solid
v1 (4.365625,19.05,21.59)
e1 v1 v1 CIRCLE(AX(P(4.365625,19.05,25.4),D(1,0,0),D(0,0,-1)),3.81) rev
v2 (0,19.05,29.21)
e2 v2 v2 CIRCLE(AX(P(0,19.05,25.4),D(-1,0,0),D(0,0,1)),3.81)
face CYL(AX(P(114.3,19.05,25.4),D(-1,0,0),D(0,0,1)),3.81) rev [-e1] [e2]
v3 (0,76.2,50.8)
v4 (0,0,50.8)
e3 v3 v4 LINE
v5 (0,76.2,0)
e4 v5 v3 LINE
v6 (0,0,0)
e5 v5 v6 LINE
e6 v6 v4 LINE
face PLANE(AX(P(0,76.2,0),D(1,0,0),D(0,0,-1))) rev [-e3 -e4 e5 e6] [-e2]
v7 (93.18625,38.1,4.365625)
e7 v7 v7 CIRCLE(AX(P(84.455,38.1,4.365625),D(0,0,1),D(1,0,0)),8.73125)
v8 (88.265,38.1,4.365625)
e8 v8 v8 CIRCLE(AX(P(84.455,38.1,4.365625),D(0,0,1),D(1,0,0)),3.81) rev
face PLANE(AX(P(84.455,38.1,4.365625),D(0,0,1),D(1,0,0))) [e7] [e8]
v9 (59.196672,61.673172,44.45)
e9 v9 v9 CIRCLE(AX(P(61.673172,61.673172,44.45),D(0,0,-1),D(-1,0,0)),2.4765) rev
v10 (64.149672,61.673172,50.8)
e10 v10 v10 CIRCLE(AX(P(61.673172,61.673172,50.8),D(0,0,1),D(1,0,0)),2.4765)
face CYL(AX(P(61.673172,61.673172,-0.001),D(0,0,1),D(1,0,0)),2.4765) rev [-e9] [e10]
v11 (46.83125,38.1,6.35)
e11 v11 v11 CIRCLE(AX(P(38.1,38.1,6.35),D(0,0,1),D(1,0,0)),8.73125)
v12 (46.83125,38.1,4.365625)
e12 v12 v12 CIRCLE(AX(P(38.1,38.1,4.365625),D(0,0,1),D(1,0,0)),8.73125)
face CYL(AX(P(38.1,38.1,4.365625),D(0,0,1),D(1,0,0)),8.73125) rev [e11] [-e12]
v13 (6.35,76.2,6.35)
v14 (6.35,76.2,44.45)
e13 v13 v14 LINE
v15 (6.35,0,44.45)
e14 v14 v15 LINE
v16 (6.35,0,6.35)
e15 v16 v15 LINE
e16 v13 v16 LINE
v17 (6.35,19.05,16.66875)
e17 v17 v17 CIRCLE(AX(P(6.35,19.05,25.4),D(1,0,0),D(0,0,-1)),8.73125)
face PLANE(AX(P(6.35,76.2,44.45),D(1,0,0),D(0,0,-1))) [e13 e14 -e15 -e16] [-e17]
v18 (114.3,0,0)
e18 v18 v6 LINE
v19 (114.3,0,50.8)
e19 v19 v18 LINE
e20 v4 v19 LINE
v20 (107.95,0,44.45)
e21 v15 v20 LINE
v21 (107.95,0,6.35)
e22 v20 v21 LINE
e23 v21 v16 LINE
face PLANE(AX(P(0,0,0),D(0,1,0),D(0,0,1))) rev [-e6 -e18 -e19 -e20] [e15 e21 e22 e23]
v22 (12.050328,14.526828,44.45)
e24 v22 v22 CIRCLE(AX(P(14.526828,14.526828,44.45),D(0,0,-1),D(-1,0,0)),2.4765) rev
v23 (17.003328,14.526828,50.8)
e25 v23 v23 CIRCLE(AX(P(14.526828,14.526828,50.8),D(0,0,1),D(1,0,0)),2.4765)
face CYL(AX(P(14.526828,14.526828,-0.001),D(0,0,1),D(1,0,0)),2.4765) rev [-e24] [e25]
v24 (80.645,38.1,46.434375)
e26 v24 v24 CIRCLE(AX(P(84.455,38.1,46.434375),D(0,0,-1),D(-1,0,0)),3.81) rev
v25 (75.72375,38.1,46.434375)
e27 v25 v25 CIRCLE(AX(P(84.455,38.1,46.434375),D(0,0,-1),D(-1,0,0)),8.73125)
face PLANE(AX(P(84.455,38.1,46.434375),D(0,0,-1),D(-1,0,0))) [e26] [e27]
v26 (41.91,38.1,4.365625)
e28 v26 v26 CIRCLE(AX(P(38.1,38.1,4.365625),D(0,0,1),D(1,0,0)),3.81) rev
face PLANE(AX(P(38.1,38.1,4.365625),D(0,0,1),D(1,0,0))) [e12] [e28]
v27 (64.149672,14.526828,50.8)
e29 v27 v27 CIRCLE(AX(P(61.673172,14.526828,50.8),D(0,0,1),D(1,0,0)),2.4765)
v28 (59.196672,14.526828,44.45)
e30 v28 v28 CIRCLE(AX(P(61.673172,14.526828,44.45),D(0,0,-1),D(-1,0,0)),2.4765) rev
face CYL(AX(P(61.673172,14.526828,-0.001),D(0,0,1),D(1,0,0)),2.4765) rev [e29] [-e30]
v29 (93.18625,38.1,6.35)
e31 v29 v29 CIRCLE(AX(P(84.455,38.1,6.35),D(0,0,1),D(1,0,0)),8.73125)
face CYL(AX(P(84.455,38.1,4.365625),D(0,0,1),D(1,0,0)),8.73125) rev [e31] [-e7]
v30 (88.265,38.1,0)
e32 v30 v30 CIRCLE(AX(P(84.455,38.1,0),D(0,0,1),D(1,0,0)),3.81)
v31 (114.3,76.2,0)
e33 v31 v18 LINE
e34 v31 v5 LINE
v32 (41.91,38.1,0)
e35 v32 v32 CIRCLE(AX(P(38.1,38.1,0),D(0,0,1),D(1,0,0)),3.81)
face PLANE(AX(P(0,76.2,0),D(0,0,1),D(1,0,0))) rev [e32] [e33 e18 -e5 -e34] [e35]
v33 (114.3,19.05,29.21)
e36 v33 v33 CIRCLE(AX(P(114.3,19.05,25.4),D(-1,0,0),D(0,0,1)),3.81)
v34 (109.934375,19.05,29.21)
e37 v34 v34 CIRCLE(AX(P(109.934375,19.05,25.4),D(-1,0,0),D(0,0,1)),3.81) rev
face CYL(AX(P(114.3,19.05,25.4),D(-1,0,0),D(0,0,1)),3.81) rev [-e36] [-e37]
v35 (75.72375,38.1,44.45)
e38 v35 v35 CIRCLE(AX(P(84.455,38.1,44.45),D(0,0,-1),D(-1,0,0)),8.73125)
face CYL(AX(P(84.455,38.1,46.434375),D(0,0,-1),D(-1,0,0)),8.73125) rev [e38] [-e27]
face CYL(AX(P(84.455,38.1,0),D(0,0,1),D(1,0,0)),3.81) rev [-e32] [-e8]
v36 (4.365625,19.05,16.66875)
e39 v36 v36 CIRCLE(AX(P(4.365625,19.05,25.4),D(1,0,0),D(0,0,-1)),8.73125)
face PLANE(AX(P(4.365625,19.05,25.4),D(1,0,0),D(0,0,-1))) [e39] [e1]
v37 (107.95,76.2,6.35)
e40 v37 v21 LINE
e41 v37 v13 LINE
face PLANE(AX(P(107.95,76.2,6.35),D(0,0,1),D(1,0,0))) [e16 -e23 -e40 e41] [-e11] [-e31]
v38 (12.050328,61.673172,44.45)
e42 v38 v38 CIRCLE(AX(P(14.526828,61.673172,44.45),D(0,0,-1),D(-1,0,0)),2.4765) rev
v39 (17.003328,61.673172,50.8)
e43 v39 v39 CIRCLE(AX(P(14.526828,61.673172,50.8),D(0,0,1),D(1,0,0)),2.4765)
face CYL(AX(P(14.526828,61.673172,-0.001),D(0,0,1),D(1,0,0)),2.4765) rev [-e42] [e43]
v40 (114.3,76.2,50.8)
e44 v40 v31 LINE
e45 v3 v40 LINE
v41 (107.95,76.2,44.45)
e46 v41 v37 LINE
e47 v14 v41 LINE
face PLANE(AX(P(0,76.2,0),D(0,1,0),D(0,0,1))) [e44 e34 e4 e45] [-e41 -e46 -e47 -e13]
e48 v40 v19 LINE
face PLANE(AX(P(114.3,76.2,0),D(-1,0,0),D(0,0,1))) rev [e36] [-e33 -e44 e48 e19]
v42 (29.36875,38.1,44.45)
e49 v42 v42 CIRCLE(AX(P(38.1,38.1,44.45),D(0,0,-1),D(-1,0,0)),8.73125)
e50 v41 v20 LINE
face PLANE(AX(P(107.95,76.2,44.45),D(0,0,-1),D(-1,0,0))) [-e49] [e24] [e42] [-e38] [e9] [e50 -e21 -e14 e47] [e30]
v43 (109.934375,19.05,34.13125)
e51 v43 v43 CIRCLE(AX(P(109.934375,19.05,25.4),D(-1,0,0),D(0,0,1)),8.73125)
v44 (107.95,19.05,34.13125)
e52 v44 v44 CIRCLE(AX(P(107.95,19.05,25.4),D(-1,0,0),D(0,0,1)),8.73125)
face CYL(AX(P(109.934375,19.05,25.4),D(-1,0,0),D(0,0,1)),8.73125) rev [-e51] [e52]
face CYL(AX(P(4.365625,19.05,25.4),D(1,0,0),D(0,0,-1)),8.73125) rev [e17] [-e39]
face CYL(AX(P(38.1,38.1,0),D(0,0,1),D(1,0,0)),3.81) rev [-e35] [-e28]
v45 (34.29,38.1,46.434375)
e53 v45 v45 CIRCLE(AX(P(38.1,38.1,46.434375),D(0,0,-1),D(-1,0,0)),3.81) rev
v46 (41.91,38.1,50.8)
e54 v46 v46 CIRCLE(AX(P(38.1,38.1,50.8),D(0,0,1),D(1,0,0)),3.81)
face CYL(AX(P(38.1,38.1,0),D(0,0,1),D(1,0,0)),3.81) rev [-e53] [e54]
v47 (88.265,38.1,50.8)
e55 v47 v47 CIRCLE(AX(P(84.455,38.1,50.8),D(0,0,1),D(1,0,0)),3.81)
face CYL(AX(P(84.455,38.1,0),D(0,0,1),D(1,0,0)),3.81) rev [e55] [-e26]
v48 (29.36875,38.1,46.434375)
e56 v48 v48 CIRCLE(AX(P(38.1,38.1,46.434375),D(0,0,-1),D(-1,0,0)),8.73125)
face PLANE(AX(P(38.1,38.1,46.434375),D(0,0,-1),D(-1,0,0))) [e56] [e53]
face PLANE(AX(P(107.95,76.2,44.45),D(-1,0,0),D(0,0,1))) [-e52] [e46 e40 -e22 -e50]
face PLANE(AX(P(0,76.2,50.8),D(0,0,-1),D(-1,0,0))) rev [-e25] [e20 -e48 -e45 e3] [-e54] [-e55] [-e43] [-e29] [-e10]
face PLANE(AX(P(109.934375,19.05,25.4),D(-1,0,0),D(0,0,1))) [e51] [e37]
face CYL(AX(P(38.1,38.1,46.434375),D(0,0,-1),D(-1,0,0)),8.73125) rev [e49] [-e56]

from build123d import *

# Parameters (mm, degrees)
SKETCH1_W           = 114.3
SKETCH1_H           = 50.8
SKETCH1_W_2         = 101.6
SKETCH1_H_2         = 38.1
BOSS_EXTRUDE1_DEPTH = 76.2
CUT_EXTRUDE1_REACH  = 148.464
SKETCH2_R           = 2.4765
SKETCH2_5_R         = 3.81
CUT_EXTRUDE2_DEPTH  = 147.463544952
SKETCH5_R           = 3.81
CUT_EXTRUDE4_DEPTH  = 147.463544952
SKETCH6_R           = 3.81
CUT_EXTRUDE5_DEPTH  = 147.463544952
SKETCH7_R           = 8.73125
CUT_EXTRUDE6_DEPTH  = 1.984375
SKETCH8_R           = 8.73125
CUT_EXTRUDE7_DEPTH  = 1.984375
CUT_EXTRUDE8_START  = -1.984375
SKETCH9_R           = 8.73125
CUT_EXTRUDE8_DEPTH  = 1.984375
CUT_EXTRUDE9_START  = -1.984375
SKETCH10_R          = 8.73125
CUT_EXTRUDE9_DEPTH  = 1.984375


with BuildPart() as part:
    # Sketch1 → Boss-Extrude1 (new body)
    with BuildSketch(Plane(origin=(0, 0, 0), x_dir=(1, 0, 0), z_dir=(0, 1, 0))):
        with Locations((57.15, -25.4)):
            Rectangle(SKETCH1_W, SKETCH1_H)
        with Locations((57.15, -25.4)):
            Rectangle(SKETCH1_W_2, SKETCH1_H_2, mode=Mode.SUBTRACT)
    extrude(amount=BOSS_EXTRUDE1_DEPTH)

    # Sketch2 → Cut-Extrude1 (cut, up to next)
    with BuildSketch(Plane.XY.offset(50.8), mode=Mode.PRIVATE) as cut_extrude1_sk1:
        with Locations((14.526827682, 61.673172318)):
            Circle(SKETCH2_R)
    cut_extrude1_tool1 = extrude(cut_extrude1_sk1.sketch, amount=-CUT_EXTRUDE1_REACH, mode=Mode.PRIVATE) & part.part
    # Sketch2 → Cut-Extrude1 (cut, up to next)
    with BuildSketch(Plane.XY.offset(50.8), mode=Mode.PRIVATE) as cut_extrude1_sk2:
        with Locations((61.673172318, 61.673172318)):
            Circle(SKETCH2_R)
    cut_extrude1_tool2 = extrude(cut_extrude1_sk2.sketch, amount=-CUT_EXTRUDE1_REACH, mode=Mode.PRIVATE) & part.part
    # Sketch2 → Cut-Extrude1 (cut, up to next)
    with BuildSketch(Plane.XY.offset(50.8), mode=Mode.PRIVATE) as cut_extrude1_sk3:
        with Locations((61.673172318, 14.526827682)):
            Circle(SKETCH2_R)
    cut_extrude1_tool3 = extrude(cut_extrude1_sk3.sketch, amount=-CUT_EXTRUDE1_REACH, mode=Mode.PRIVATE) & part.part
    # Sketch2 → Cut-Extrude1 (cut, up to next)
    with BuildSketch(Plane.XY.offset(50.8), mode=Mode.PRIVATE) as cut_extrude1_sk4:
        with Locations((14.526827682, 14.526827682)):
            Circle(SKETCH2_R)
    cut_extrude1_tool4 = extrude(cut_extrude1_sk4.sketch, amount=-CUT_EXTRUDE1_REACH, mode=Mode.PRIVATE) & part.part
    add(cut_extrude1_tool1.solids().sort_by_distance((14.526828, 61.673172, 50.8))[0], mode=Mode.SUBTRACT)
    add(cut_extrude1_tool2.solids().sort_by_distance((61.673172, 61.673172, 50.8))[0], mode=Mode.SUBTRACT)
    add(cut_extrude1_tool3.solids().sort_by_distance((61.673172, 14.526828, 50.8))[0], mode=Mode.SUBTRACT)
    add(cut_extrude1_tool4.solids().sort_by_distance((14.526828, 14.526828, 50.8))[0], mode=Mode.SUBTRACT)

    # Sketch2<5> → Cut-Extrude2 (cut, through all)
    with BuildSketch(Plane.XY.offset(50.8)):
        with Locations((38.1, 38.1)):
            Circle(SKETCH2_5_R)
    extrude(amount=-CUT_EXTRUDE2_DEPTH, mode=Mode.SUBTRACT)

    # Sketch5 → Cut-Extrude4 (cut, through all)
    with BuildSketch(Plane.XY.offset(50.8)):
        with Locations((84.455, 38.1)):
            Circle(SKETCH5_R)
    extrude(amount=-CUT_EXTRUDE4_DEPTH, mode=Mode.SUBTRACT)

    # Sketch6 → Cut-Extrude5 (cut, through all)
    with BuildSketch(Plane.ZY):
        with Locations((25.4, 19.05)):
            Circle(SKETCH6_R)
    extrude(amount=-CUT_EXTRUDE5_DEPTH, mode=Mode.SUBTRACT)

    # Sketch7 → Cut-Extrude6 (cut)
    with BuildSketch(Plane(origin=(6.35, 0, 0), x_dir=(0, 0, -1), z_dir=(1, 0, 0))):
        with Locations((-25.4, 19.05)):
            Circle(SKETCH7_R)
    extrude(amount=-CUT_EXTRUDE6_DEPTH, mode=Mode.SUBTRACT)

    # Sketch8 → Cut-Extrude7 (cut)
    with BuildSketch(Plane(origin=(0, 0, 44.45), x_dir=(-1, 0, 0), z_dir=(0, 0, -1))):
        with Locations((-38.1, 38.1)):
            Circle(SKETCH8_R)
        with Locations((-84.455, 38.1)):
            Circle(SKETCH8_R)
    extrude(amount=-CUT_EXTRUDE7_DEPTH, mode=Mode.SUBTRACT)

    # Sketch9 → Cut-Extrude8 (cut)
    with BuildSketch(Plane.ZY.offset(-107.95).offset(CUT_EXTRUDE8_START)):
        with Locations((25.4, 19.05)):
            Circle(SKETCH9_R)
    extrude(amount=CUT_EXTRUDE8_DEPTH, mode=Mode.SUBTRACT)

    # Sketch10 → Cut-Extrude9 (cut)
    with BuildSketch(Plane.XY.offset(6.35).offset(CUT_EXTRUDE9_START)):
        with Locations((38.1, 38.1)):
            Circle(SKETCH10_R)
        with Locations((84.455, 38.1)):
            Circle(SKETCH10_R)
    extrude(amount=CUT_EXTRUDE9_DEPTH, mode=Mode.SUBTRACT)


solid = part.part
